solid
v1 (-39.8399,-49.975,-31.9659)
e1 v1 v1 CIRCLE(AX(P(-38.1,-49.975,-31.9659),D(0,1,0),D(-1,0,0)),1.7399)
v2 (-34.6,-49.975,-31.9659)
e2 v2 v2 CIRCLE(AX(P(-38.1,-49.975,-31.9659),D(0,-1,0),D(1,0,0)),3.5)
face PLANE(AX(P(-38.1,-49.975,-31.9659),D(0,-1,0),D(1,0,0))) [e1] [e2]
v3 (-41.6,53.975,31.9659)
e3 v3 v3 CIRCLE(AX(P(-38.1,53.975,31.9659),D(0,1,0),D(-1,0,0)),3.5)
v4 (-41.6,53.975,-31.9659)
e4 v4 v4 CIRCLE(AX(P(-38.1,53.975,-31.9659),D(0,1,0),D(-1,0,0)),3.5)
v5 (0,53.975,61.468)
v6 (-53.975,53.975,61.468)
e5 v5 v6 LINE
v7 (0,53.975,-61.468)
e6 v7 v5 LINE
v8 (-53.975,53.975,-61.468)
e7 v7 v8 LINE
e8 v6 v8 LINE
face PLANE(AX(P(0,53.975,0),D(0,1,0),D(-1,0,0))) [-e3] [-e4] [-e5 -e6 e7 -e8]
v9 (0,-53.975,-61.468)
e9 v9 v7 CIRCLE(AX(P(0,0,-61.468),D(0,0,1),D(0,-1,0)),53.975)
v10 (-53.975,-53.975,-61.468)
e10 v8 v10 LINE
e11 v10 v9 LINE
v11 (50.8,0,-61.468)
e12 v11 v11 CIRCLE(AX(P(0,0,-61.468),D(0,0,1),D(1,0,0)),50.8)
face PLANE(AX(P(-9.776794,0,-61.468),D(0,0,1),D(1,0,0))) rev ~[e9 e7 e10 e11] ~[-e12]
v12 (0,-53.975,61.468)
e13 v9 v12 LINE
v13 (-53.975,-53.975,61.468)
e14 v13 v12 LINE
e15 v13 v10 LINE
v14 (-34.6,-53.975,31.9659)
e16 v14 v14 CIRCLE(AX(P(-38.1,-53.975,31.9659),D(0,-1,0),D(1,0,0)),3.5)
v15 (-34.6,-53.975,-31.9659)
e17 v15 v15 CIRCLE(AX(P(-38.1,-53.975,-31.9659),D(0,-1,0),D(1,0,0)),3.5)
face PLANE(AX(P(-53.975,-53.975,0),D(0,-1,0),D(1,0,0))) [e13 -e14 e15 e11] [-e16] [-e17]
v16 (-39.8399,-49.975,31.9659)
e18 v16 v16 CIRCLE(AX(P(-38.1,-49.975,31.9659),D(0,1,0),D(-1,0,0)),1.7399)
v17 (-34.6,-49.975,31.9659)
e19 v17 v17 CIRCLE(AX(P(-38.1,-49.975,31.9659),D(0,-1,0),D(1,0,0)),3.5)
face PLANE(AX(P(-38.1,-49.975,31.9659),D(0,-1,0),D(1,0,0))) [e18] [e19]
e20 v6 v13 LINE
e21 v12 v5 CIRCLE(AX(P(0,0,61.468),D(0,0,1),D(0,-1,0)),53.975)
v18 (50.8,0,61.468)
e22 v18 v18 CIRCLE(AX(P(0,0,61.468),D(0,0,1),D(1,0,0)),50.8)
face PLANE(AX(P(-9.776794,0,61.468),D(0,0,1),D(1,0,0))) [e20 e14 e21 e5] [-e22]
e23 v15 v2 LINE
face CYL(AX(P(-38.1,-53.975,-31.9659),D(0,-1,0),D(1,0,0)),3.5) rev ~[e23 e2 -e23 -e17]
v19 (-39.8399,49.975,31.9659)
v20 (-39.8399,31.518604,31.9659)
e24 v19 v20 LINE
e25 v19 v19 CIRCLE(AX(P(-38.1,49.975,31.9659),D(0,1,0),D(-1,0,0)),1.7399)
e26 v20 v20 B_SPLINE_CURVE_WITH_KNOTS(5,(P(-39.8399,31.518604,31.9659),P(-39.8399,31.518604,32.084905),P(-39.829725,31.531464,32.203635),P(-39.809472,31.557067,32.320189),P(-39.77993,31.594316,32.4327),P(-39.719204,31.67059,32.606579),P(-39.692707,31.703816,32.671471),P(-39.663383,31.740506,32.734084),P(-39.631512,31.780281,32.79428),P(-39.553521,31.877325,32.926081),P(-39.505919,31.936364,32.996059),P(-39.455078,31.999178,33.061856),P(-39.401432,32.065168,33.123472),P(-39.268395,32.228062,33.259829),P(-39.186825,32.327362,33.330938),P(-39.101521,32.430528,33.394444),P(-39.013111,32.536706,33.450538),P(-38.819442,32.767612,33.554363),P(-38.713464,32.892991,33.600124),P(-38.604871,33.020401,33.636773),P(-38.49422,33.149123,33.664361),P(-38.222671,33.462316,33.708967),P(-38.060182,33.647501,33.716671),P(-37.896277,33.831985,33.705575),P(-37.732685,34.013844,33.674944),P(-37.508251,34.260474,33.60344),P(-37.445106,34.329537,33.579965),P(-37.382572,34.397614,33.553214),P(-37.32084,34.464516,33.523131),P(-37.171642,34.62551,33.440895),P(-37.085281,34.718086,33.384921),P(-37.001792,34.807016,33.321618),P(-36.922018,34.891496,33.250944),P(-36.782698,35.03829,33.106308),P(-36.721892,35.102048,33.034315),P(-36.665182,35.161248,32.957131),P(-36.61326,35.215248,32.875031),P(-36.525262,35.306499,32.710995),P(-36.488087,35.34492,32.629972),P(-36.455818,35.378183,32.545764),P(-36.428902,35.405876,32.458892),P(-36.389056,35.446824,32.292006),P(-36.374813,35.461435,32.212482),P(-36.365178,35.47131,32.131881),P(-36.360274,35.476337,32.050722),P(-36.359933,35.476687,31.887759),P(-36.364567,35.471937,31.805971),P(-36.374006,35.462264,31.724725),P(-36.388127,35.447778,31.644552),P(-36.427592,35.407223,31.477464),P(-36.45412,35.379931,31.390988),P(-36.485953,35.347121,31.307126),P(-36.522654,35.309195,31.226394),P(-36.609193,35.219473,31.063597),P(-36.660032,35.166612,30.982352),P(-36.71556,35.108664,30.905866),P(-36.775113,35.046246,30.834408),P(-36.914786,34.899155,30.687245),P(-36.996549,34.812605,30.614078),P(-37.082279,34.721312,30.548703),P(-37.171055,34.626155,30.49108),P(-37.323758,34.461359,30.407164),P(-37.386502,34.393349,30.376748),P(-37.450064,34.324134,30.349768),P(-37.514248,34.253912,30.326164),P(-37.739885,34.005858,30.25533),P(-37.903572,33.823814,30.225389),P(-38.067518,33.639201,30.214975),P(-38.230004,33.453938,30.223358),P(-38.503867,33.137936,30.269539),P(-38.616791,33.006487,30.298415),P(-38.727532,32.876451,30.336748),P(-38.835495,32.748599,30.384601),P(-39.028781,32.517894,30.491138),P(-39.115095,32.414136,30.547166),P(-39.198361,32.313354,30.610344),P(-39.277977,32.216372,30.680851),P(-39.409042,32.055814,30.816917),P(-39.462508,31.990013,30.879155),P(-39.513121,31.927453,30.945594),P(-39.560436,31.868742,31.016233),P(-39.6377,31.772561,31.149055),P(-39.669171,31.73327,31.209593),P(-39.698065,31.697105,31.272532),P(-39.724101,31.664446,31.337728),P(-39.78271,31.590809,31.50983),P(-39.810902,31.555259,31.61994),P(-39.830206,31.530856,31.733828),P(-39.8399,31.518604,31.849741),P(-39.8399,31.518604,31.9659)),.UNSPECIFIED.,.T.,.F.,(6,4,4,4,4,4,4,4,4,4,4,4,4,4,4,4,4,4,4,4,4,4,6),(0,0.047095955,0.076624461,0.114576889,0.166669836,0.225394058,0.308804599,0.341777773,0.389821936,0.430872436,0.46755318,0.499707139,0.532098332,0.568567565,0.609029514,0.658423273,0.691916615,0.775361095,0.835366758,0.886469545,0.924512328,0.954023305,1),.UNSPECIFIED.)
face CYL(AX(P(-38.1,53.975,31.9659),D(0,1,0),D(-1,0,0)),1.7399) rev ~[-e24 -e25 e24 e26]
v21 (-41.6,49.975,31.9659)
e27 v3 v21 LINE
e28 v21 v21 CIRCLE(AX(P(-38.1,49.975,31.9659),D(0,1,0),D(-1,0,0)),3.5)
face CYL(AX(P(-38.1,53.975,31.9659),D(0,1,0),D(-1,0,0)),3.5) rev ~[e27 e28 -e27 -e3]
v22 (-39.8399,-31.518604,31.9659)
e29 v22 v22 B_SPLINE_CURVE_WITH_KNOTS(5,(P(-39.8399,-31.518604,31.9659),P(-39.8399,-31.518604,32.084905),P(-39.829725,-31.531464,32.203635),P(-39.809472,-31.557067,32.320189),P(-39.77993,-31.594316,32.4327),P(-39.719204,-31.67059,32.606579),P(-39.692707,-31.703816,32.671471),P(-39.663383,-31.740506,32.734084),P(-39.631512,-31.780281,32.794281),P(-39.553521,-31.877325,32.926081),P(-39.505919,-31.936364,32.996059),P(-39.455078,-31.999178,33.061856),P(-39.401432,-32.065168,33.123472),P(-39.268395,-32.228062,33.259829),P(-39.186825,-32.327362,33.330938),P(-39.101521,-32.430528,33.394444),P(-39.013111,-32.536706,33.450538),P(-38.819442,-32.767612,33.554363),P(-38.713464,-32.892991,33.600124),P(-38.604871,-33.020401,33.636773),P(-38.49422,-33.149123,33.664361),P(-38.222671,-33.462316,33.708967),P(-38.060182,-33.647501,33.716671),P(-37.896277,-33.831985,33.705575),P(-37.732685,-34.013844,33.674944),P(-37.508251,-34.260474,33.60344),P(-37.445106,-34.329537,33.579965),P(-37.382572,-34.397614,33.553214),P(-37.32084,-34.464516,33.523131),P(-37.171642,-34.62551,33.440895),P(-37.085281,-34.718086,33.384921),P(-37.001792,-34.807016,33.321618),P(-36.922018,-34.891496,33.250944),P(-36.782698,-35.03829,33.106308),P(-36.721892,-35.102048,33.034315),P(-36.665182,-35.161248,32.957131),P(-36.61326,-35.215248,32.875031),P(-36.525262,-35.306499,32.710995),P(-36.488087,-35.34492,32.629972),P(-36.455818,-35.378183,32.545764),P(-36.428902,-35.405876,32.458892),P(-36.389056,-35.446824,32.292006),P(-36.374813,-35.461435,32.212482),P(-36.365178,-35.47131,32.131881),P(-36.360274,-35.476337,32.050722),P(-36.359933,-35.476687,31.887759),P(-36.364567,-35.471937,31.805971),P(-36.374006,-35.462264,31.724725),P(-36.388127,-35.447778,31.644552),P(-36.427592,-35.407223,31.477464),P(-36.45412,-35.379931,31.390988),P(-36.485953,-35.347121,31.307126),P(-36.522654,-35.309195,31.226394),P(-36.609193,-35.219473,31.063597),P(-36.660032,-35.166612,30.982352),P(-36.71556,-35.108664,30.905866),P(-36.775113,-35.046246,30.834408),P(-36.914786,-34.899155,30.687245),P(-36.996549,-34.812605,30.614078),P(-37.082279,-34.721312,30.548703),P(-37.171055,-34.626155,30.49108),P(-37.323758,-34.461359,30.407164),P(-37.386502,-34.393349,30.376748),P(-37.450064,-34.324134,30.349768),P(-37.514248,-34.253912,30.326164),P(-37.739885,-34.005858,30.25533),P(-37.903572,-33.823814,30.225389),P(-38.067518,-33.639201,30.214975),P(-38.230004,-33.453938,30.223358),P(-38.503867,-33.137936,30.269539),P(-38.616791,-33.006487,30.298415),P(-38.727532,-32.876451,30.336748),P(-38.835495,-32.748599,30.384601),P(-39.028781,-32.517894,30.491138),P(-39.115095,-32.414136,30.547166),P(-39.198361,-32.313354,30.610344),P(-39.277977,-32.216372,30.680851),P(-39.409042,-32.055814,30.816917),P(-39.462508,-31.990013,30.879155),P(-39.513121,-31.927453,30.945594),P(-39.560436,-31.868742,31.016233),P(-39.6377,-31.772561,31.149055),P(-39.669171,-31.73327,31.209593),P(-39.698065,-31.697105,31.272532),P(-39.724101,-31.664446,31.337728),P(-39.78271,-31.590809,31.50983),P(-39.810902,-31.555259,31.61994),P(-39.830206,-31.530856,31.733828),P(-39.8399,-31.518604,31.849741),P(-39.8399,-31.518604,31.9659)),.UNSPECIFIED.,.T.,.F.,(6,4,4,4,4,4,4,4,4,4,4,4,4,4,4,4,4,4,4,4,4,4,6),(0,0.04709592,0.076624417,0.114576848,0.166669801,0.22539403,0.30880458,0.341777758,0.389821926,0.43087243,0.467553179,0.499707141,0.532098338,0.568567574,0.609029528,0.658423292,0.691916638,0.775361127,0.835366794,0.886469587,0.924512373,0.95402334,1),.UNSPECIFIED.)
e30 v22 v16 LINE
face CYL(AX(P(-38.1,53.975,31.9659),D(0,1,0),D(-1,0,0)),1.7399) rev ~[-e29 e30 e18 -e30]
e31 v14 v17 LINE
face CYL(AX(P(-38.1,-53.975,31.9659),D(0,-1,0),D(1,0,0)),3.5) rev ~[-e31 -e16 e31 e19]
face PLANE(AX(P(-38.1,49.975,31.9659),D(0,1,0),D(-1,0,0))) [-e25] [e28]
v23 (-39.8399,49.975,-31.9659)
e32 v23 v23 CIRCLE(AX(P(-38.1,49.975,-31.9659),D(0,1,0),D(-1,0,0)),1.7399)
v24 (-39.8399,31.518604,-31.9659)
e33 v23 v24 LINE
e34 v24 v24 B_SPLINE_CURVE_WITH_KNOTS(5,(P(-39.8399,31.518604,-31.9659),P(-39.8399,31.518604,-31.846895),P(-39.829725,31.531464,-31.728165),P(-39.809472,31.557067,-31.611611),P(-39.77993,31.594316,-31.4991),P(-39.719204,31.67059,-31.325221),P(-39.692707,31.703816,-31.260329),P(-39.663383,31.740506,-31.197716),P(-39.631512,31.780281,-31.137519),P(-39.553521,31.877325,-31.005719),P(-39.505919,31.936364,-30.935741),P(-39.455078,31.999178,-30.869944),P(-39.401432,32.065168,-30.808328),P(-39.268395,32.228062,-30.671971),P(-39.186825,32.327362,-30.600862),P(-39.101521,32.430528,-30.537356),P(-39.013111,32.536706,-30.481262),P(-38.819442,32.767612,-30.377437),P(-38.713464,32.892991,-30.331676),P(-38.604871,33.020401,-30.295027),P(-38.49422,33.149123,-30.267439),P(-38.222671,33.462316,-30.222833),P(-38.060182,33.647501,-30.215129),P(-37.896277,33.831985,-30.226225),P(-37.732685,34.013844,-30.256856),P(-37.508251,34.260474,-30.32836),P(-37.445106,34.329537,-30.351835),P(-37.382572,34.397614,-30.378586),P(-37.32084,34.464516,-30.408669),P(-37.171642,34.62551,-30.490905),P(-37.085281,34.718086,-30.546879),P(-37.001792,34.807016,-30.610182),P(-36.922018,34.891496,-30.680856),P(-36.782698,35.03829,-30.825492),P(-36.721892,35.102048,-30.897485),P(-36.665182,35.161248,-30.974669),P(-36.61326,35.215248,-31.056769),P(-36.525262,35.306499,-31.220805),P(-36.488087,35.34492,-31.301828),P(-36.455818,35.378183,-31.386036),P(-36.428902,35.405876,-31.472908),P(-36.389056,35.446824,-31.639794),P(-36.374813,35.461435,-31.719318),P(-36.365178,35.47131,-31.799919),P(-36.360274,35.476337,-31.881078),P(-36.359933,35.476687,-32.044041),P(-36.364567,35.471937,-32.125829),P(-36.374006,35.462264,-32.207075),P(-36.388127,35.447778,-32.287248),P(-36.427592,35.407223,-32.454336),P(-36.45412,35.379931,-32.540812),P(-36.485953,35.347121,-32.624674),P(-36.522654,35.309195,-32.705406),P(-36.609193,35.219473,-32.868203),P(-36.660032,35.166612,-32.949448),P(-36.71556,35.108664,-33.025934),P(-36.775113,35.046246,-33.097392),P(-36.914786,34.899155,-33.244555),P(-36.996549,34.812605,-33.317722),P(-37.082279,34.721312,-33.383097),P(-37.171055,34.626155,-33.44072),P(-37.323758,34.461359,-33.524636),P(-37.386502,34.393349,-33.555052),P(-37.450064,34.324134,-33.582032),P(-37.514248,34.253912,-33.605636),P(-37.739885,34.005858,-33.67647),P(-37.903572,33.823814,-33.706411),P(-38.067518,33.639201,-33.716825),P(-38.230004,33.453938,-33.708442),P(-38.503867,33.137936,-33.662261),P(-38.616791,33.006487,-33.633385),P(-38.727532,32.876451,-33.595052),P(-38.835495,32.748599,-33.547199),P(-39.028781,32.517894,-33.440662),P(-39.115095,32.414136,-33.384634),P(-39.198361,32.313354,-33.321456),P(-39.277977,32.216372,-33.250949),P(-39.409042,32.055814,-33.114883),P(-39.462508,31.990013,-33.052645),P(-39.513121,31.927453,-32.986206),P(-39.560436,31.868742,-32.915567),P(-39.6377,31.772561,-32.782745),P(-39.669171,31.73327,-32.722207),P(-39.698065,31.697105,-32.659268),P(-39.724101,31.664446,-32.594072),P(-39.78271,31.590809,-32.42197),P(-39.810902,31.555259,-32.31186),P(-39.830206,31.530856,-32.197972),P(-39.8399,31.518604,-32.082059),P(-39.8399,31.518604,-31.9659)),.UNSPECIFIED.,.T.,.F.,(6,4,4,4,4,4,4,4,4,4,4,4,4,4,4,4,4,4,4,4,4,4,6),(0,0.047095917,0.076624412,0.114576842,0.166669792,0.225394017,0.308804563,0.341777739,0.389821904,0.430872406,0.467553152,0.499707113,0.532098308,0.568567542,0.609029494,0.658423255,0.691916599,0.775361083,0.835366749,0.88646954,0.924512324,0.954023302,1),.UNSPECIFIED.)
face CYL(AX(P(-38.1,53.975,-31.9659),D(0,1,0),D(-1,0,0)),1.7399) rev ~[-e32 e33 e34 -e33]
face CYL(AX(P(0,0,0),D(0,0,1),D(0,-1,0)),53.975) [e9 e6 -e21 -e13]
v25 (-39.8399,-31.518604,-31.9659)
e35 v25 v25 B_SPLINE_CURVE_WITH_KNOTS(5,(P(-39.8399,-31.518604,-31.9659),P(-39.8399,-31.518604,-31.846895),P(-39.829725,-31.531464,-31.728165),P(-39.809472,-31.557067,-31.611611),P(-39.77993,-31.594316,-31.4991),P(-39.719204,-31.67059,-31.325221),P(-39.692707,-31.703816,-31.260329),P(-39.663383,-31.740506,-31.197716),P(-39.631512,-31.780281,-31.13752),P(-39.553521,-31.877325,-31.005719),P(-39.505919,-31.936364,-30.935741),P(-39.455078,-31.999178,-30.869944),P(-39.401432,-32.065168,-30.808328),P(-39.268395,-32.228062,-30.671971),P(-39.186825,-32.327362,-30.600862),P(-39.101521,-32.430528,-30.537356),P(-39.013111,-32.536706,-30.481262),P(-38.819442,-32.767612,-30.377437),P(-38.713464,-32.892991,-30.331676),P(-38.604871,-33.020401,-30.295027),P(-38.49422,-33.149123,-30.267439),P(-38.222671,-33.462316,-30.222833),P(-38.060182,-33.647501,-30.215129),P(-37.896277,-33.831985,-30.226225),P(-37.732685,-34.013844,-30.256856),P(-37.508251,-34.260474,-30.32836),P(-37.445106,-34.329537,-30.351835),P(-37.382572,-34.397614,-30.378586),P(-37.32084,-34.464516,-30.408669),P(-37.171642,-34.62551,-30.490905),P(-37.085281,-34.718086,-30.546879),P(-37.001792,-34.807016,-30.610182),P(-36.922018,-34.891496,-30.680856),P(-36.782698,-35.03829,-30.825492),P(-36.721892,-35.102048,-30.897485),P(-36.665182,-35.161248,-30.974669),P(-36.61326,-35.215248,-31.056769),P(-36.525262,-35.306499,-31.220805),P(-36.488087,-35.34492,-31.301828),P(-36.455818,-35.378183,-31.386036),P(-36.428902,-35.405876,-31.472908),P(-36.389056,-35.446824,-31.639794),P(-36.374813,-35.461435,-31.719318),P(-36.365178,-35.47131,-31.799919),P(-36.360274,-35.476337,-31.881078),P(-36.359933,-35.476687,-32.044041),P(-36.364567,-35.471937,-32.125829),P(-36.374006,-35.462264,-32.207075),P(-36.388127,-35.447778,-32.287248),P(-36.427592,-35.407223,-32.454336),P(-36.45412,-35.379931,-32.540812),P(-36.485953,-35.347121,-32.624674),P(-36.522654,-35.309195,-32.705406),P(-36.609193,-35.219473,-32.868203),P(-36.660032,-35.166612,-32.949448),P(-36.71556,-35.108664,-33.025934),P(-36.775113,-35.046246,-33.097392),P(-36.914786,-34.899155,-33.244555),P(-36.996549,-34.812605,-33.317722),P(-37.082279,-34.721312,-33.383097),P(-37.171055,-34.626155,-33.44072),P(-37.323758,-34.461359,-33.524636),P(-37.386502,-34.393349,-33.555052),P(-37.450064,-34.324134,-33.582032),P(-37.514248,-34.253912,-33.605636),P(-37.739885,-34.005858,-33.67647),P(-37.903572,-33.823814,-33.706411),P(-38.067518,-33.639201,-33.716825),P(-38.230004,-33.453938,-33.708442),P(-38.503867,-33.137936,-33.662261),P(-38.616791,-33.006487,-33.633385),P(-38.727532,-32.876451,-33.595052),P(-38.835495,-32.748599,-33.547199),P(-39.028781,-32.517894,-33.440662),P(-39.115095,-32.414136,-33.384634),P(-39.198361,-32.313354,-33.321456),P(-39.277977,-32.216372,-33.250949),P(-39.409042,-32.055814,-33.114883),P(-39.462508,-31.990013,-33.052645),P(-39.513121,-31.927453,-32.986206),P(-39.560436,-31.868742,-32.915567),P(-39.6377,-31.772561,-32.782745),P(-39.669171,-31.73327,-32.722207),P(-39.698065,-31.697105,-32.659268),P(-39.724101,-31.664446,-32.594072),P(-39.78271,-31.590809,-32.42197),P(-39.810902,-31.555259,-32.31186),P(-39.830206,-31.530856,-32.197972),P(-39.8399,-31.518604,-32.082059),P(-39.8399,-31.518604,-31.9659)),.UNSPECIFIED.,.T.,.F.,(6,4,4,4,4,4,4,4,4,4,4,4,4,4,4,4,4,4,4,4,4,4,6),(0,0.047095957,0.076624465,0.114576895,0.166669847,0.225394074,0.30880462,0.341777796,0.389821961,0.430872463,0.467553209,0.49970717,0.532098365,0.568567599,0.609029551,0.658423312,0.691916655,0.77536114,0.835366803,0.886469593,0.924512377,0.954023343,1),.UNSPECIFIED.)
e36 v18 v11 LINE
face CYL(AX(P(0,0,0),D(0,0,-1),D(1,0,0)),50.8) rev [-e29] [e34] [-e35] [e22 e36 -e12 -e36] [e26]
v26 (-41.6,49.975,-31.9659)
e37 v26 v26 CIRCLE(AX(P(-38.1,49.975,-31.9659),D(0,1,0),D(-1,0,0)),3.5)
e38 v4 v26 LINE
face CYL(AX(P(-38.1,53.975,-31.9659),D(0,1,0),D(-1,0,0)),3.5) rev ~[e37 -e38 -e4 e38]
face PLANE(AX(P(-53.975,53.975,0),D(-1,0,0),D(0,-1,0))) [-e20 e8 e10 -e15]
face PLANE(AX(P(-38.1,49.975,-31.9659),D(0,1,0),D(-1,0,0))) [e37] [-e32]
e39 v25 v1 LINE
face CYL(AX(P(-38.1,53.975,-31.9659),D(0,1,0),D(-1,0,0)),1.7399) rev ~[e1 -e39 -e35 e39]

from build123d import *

# Parameters (mm, degrees)
F0_R     = 50.8
F1_DEPTH = 61.468
F2_R     = 1.7399
F3_DEPTH = 304.8
F4_R     = 3.5
F5_DEPTH = 4
F6_R     = 3.5
F7_DEPTH = 4


with BuildPart() as f1:
    # F0 (on Top) → F1 (new body, symmetric)
    with BuildSketch(Plane.XY):
        with BuildLine():
            Line((-53.975, -53.975), (0, -53.975))
            ThreePointArc((0, -53.975), (53.975, 0), (0, 53.975))
            Line((0, 53.975), (-53.975, 53.975))
            Line((-53.975, 53.975), (-53.975, -53.975))
        make_face()
        Circle(F0_R, mode=Mode.SUBTRACT)
    extrude(amount=F1_DEPTH, both=True)

    # F2 (on face) → F3 (cut)
    with BuildSketch(Plane(origin=(0, 53.975, 0), x_dir=(-1, 0, 0), z_dir=(0, 1, 0))):
        with Locations((38.1, 31.9659)):
            Circle(F2_R)
        with Locations((38.1, -31.9659)):
            Circle(F2_R)
    extrude(amount=-F3_DEPTH, mode=Mode.SUBTRACT)

    # F4 (on face) → F5 (cut)
    with BuildSketch(Plane.XZ.offset(53.975)):
        with Locations((-38.1, 31.9659)):
            Circle(F4_R)
        with Locations((-38.1, -31.9659)):
            Circle(F4_R)
    extrude(amount=-F5_DEPTH, mode=Mode.SUBTRACT)

    # F6 (on face) → F7 (cut)
    with BuildSketch(Plane(origin=(0, 53.975, 0), x_dir=(-1, 0, 0), z_dir=(0, 1, 0))):
        with Locations((38.1, 31.9659)):
            Circle(F6_R)
        with Locations((38.1, -31.9659)):
            Circle(F6_R)
    extrude(amount=-F7_DEPTH, mode=Mode.SUBTRACT)


solid = f1.part
